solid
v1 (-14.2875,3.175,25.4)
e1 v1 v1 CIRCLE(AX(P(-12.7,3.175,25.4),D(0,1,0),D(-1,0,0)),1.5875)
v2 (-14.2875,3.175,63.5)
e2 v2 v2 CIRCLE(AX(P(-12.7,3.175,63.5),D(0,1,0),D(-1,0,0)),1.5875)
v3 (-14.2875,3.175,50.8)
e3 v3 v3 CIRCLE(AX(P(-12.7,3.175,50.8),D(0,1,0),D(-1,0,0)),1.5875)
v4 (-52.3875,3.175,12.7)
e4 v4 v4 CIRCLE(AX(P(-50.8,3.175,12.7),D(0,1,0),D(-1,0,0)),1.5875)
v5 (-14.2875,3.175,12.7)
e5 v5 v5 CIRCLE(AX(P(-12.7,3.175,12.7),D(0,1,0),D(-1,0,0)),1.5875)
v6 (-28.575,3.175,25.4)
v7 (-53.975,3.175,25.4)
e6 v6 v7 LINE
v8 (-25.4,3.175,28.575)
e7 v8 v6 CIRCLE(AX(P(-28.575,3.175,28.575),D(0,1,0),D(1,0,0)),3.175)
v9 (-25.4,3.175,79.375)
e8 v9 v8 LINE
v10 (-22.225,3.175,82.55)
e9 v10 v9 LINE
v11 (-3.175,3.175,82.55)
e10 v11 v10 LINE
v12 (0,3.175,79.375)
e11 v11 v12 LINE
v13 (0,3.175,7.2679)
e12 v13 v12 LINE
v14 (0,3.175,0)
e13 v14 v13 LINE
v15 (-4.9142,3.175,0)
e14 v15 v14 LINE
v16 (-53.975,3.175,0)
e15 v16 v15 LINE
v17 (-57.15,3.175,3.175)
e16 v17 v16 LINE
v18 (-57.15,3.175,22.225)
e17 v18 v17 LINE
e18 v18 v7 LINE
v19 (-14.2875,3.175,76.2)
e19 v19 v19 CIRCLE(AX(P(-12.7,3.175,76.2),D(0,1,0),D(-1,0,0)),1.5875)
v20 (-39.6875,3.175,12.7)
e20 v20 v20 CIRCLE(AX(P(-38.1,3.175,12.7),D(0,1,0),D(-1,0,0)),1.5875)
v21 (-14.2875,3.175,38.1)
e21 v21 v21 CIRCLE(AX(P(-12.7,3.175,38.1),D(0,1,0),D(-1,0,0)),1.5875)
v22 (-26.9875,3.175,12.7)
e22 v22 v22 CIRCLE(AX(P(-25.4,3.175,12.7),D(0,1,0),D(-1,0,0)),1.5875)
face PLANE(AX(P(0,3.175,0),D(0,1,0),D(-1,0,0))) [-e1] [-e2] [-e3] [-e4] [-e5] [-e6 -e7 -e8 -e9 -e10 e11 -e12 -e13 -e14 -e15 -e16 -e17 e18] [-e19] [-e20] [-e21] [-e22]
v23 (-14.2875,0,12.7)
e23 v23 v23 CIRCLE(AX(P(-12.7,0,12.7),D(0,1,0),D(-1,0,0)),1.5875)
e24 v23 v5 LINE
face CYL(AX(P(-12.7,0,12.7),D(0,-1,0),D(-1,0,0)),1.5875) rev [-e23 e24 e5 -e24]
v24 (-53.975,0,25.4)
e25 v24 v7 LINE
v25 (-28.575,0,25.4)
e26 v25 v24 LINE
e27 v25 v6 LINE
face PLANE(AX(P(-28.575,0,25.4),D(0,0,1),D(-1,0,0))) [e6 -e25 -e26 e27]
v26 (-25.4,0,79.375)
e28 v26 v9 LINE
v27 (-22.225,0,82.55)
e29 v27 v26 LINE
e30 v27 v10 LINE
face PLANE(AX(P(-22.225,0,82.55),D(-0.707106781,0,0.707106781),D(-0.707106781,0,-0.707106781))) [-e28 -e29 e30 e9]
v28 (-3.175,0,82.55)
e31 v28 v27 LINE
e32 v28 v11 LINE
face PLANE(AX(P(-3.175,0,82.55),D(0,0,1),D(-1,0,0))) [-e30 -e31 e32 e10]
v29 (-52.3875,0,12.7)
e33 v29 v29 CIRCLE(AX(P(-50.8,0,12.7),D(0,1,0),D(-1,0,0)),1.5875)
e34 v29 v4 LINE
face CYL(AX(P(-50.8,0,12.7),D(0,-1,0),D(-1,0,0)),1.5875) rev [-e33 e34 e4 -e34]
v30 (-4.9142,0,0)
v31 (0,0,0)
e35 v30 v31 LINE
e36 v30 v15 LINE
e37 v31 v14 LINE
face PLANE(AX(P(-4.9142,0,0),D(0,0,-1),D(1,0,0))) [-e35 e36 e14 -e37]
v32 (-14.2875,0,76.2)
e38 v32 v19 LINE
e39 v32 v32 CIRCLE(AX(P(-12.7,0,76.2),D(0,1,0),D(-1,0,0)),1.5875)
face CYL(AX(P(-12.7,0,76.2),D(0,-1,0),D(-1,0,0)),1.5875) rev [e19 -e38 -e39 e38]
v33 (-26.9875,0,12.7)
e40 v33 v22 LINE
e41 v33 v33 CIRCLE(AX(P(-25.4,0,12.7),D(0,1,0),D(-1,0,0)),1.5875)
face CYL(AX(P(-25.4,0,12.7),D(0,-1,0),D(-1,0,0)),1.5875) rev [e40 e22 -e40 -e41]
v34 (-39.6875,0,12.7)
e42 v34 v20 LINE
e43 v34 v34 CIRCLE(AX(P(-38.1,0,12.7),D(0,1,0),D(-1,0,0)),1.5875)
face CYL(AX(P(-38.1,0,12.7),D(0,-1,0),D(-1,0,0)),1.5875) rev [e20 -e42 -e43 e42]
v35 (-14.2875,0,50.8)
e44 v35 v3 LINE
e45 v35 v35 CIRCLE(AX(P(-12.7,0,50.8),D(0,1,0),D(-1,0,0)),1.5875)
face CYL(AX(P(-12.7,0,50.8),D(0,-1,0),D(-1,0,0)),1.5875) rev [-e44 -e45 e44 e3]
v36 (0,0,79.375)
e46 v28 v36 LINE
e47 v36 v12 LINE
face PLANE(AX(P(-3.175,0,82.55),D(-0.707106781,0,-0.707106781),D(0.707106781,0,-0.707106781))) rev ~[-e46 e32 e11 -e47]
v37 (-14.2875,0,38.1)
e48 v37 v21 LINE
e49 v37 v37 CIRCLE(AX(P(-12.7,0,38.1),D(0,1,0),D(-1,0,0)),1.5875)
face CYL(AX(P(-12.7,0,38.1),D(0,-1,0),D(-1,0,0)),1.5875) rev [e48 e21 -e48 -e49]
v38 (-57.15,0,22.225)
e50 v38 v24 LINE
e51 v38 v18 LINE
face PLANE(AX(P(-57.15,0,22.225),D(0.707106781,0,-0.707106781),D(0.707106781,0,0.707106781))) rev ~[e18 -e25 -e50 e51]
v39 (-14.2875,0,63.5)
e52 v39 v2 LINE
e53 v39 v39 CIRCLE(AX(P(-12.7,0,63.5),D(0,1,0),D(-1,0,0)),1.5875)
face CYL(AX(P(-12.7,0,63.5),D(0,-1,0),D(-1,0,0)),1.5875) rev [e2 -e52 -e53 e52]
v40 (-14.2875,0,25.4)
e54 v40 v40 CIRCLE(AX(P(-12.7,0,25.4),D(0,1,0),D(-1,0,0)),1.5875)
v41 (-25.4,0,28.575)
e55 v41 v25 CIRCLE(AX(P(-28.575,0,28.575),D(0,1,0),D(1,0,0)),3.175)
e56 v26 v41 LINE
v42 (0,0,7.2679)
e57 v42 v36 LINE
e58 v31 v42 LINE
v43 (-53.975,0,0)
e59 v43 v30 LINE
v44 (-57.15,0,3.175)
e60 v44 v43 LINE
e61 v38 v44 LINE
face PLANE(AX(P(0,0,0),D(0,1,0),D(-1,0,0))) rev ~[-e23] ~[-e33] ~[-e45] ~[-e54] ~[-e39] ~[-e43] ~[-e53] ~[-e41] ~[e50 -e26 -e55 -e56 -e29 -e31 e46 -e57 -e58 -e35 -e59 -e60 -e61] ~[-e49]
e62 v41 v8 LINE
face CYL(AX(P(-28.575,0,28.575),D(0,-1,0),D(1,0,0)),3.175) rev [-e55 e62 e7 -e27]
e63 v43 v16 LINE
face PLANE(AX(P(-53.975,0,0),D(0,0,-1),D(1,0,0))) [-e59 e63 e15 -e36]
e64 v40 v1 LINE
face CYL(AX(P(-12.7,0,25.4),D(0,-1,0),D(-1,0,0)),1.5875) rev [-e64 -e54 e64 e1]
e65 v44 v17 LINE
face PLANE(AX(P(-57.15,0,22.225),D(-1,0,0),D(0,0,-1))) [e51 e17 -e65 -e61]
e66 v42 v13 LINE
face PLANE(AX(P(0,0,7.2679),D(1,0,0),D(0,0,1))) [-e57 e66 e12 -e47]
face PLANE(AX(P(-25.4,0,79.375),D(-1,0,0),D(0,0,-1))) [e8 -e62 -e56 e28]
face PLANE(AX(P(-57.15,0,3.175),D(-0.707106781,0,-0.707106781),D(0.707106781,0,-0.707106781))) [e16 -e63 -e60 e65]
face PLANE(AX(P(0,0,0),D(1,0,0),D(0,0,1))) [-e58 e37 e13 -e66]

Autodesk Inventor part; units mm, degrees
ref_plane "YZ Plane" through (0, 0, 0) normal (1, 0, 0) x (0, 1, 0)
ref_plane "XZ Plane" through (0, 0, 0) normal (0, 1, 0) x (-1, 0, 0)
ref_plane "XY Plane" through (0, 0, 0) normal (0, 0, 1) x (1, 0, 0)
sketch "Sketch1" plane through (0, 0, 0) normal (0, 1, 0) x (-1, 0, 0)
  line L0 (4.9142, 0) -> (0, 0)
  line L1 (0, 0) -> (0, 7.2679)
  circle A0 centre (12.7, 12.7) radius 1.5875
  circle A1 centre (25.4, 12.7) radius 1.5875
  circle A2 centre (38.1, 12.7) radius 1.5875
  circle A3 centre (50.8, 12.7) radius 1.5875
  circle A4 centre (12.7, 25.4) radius 1.5875
  circle A5 centre (12.7, 38.1) radius 1.5875
  circle A6 centre (12.7, 50.8) radius 1.5875
  circle A7 centre (12.7, 63.5) radius 1.5875
  circle A8 centre (12.7, 76.2) radius 1.5875
  line L2 (0, 7.2679) -> (0, 79.375)
  line L3 (3.175, 82.55) -> (22.225, 82.55)
  line L4 (25.4, 79.375) -> (25.4, 28.575)
  line L5 (28.575, 25.4) -> (53.975, 25.4)
  line L6 (57.15, 22.225) -> (57.15, 3.175)
  line L7 (53.975, 0) -> (4.9142, 0)
  line L8 (57.15, 22.225) -> (53.975, 25.4)
  line L9 (57.15, 3.175) -> (53.975, 0)
  line L10 (3.175, 82.55) -> (0, 79.375)
  line L11 (22.225, 82.55) -> (25.4, 79.375)
  arc A9 (25.4, 28.575) -> (28.575, 25.4) centre (28.575, 28.575) ccw
  point P0 (2.4571, 0)
  point P1 (0, 82.55)
  point P2 (25.4, 82.55)
  point P3 (25.4, 25.4)
  point P4 (57.15, 25.4)
  point P5 (57.15, 0)
  point P6 (57.15, 12.7)
  dimension "d0" = 3.175
  dimension "d1" = 12.7
  dimension "d2" = 12.7
  dimension "d5" = 12.7
  dimension "d12" = 12.7
  dimension "d17" = 25.4
  dimension "d18" = 6.35
  dimension "d19" = 12.7
  dimension "d20" = 6.35
  dimension "d21" = 3.175
  dimension "d22" = 3.175
  dimension "d23" = 3.175
  dimension "d24" = 3.175
  dimension "d25" = 3.175
  dimension "d26" = 3.175
  dimension "d27" = 3.175
  dimension "d28" = 3.175
  dimension "d29" = 3.175
extrude "Extrusion1" add sketch "Sketch1" along normal blind 3.175
equation "\"d22\" = d21"
equation "\"d23\" = d21"
equation "\"d24\" = d23"
equation "\"d26\" = d25"
equation "\"d27\" = d25"
equation "\"d28\" = d27"
properties part number "L-Bracket (4x6)"
